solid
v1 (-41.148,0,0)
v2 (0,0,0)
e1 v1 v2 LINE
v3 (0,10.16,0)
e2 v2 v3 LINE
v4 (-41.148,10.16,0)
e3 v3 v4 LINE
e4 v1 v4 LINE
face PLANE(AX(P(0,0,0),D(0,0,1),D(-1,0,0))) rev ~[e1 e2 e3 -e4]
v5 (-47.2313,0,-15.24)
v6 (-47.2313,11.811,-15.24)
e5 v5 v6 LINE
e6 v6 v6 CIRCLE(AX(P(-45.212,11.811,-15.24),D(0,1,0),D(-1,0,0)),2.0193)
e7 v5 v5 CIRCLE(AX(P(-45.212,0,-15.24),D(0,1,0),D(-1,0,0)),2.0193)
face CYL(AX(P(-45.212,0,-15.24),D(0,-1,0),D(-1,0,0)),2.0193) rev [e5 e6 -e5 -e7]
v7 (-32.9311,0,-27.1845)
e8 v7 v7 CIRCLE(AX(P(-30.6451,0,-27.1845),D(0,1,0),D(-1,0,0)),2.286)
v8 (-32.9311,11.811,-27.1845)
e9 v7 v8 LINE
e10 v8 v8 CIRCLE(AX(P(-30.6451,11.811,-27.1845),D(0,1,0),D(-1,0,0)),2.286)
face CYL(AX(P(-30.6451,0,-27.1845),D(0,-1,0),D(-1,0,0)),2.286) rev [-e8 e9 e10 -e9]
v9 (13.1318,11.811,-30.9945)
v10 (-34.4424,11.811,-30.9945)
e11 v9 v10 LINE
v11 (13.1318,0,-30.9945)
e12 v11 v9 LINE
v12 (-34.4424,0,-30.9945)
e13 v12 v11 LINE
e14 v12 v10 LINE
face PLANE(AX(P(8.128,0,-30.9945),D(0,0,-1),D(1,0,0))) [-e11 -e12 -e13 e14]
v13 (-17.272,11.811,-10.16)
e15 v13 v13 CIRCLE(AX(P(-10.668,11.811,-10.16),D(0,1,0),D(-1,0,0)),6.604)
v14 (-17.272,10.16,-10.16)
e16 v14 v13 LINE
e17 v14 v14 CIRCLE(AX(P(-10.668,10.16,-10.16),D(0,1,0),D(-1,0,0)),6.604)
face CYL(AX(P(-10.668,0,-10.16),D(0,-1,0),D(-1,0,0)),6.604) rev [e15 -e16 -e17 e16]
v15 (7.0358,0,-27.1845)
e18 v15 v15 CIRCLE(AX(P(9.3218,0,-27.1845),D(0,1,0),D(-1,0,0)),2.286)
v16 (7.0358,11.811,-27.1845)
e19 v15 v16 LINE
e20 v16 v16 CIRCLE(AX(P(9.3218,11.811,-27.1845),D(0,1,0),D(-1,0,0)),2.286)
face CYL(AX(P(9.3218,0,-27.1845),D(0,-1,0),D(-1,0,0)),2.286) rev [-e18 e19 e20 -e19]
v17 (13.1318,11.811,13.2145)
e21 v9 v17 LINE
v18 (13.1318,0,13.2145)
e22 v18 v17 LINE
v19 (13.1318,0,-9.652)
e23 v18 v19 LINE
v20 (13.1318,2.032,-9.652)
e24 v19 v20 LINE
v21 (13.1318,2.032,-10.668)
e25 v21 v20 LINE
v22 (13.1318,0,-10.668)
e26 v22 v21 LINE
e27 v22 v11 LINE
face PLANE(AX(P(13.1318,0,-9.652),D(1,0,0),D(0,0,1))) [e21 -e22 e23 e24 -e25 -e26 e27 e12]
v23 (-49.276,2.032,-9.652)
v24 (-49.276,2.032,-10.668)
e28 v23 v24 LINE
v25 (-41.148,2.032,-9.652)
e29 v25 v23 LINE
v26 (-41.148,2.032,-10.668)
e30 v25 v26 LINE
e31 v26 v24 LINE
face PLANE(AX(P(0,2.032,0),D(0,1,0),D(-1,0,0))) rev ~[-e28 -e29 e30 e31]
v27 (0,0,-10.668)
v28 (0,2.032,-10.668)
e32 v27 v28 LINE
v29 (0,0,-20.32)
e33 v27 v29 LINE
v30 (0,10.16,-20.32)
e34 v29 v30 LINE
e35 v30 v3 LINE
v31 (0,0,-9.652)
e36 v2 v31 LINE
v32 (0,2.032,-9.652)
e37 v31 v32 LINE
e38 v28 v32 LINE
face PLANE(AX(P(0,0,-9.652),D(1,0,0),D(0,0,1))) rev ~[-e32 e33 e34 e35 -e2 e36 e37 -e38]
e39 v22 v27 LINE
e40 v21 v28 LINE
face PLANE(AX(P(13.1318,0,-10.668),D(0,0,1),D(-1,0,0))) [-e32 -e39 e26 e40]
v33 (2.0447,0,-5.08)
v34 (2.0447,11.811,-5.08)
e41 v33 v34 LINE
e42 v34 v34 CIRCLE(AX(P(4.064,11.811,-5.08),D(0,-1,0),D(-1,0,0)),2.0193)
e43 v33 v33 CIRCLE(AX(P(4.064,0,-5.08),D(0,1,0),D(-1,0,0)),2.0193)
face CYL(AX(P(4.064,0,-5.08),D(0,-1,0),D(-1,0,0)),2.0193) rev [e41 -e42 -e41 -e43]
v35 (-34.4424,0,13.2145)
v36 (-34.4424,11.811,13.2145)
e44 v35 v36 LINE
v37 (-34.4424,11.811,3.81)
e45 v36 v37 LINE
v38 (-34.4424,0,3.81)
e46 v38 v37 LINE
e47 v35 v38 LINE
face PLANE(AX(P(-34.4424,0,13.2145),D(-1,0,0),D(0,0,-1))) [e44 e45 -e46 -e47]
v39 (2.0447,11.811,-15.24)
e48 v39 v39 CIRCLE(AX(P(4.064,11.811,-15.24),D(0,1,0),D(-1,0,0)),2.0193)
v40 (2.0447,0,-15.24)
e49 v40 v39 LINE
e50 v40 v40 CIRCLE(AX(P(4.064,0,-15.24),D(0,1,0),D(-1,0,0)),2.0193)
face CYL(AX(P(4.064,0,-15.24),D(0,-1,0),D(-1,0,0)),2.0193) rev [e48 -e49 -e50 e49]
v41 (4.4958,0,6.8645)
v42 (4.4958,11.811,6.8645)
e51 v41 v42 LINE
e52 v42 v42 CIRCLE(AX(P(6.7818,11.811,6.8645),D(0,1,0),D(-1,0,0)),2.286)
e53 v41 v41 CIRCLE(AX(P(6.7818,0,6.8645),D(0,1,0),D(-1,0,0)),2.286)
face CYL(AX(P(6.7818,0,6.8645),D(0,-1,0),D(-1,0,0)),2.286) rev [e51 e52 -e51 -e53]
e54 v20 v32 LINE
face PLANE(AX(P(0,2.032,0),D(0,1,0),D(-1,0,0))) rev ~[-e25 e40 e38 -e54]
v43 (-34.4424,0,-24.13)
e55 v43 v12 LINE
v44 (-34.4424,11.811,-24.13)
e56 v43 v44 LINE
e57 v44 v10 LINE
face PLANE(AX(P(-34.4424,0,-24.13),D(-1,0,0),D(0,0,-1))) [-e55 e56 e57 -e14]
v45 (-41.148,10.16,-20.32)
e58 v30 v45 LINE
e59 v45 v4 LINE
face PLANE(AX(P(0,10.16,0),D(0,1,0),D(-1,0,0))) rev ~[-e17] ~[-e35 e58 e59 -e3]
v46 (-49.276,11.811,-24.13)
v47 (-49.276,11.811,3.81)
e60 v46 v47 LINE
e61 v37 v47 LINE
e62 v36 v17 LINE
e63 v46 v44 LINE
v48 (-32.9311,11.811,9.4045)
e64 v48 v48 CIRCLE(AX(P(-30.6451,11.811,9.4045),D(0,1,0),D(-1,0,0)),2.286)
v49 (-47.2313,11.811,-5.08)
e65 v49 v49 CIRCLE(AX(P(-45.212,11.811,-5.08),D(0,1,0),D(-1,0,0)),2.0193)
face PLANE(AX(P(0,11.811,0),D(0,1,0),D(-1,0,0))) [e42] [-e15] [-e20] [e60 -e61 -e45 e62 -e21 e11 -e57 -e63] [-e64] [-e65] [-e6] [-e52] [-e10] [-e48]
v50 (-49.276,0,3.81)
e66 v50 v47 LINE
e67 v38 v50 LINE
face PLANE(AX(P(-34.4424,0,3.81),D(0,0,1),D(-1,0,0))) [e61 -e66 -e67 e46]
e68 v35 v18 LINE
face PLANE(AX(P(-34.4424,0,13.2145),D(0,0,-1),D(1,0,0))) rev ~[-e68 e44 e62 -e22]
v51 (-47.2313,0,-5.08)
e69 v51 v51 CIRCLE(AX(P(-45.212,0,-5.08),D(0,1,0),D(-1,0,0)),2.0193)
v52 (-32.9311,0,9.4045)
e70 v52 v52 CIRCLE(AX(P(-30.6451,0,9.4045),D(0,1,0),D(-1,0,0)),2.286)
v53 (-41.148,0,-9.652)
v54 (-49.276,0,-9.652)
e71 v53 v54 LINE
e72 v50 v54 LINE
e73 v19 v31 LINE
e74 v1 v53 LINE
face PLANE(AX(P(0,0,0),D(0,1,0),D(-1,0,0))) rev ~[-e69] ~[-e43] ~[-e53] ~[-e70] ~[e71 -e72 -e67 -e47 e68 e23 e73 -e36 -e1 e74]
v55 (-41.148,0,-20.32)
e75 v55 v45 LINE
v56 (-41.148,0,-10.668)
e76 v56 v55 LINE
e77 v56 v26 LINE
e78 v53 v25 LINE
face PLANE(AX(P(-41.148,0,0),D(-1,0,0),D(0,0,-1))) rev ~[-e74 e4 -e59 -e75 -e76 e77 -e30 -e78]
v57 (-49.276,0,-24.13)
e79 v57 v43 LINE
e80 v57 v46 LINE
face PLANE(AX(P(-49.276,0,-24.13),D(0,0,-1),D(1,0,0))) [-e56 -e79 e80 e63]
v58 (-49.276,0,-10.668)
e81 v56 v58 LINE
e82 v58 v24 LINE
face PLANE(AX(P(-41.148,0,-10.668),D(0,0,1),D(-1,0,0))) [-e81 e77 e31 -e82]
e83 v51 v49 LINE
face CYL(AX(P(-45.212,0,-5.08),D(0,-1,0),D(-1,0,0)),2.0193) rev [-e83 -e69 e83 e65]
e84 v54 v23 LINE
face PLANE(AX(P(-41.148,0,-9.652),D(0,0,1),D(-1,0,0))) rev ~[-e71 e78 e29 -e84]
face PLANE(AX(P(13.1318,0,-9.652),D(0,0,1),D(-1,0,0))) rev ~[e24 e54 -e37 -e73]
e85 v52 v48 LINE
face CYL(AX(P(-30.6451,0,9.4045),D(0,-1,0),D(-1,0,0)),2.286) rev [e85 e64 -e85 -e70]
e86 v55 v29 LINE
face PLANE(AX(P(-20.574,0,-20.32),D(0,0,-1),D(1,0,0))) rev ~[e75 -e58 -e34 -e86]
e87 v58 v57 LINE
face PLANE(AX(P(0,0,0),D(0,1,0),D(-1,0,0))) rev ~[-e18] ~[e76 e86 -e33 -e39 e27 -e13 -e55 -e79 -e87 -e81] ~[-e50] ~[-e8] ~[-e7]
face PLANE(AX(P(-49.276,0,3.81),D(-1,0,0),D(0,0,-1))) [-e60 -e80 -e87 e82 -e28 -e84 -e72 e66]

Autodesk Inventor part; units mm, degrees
ref_plane "YZ Plane" through (0, 0, 0) normal (1, 0, 0) x (0, 1, 0)
ref_plane "XZ Plane" through (0, 0, 0) normal (0, 1, 0) x (-1, 0, 0)
ref_plane "XY Plane" through (0, 0, 0) normal (0, 0, 1) x (1, 0, 0)
sketch "Sketch1" plane through (0, 0, 0) normal (0, 1, 0) x (-1, 0, 0)
  line L0 (0, 0) -> (41.148, 0)
  line L1 (41.148, 0) -> (41.148, -20.32)
  line L2 (41.148, -20.32) -> (0, -20.32)
  line L3 (0, -20.32) -> (0, 0)
  circle A0 centre (45.212, -15.24) radius 2.0193
  circle A1 centre (-4.064, -15.24) radius 2.0193
  circle A2 centre (45.212, -5.08) radius 2.0193
  circle A3 centre (-4.064, -5.08) radius 2.0193
  line L4 (41.148, -9.652) -> (49.276, -9.652)
  line L5 (41.148, -10.668) -> (49.276, -10.668)
  line L6 (-13.1318, -9.652) -> (0, -9.652)
  line L7 (-13.1318, -10.668) -> (0, -10.668)
  line L8 (-13.1318, 3.81) -> (49.276, 3.81)
  line L9 (49.276, 3.81) -> (49.276, -24.13)
  line L10 (49.276, -24.13) -> (-13.1318, -24.13)
  line L11 (-13.1318, -30.9945) -> (-13.1318, 13.2145)
  line L12 (-6.155, -5.4575) -> (-6.0508, -5.4409)
  line L13 (-6.155, -5.4575) -> (-6.0508, -5.4409)
  line L14 (20.574, -20.32) -> (20.574, 0)
  circle A4 centre (10.668, -10.16) radius 6.604
  circle A5 centre (-6.7818, 6.8645) radius 2.0193
  circle A6 centre (30.6451, 9.4045) radius 2.0193
  circle A7 centre (30.6451, -27.1845) radius 2.0193
  line L15 (10.668, -30.9945) -> (34.4551, -30.9945)
  line L16 (-8.128, -30.9945) -> (34.4551, -30.9945)
  circle A8 centre (-9.3218, -27.1845) radius 2.0193
  line L17 (34.4424, -30.9945) -> (-13.1318, -30.9945)
  line L18 (34.4424, -24.13) -> (34.4424, -30.9945)
  line L19 (34.4424, 13.2145) -> (34.4424, 3.81)
  circle A9 centre (30.6451, 9.4045) radius 2.286
  circle A10 centre (-6.7818, 6.8645) radius 2.286
  circle A11 centre (-9.3218, -27.1845) radius 2.286
  circle A12 centre (30.6451, -27.1845) radius 2.286
  line L20 (34.4424, 3.81) -> (-13.1318, 3.81)
  line L21 (34.4424, 13.2145) -> (-13.1318, 13.2145)
  point P0 (20.574, -10.16)
  point P1 (34.4424, -30.9945)
  point P2 (-11.5492, -24.13)
  point P3 (-7.0944, -24.13)
  dimension "d0" = 41.148
  dimension "d1" = 20.32
  dimension "d4" = 4.0386
  dimension "d5" = 4.0386
  dimension "d18" = 4.064
  dimension "d19" = 4.064
  dimension "d52" = 8.128
  dimension "d53" = 13.1318
  dimension "d54" = 3.81
  dimension "d55" = 3.81
  dimension "d59" = 9.906
  dimension "d60" = 13.208
  dimension "d79" = 4.0386
  dimension "d80" = 4.0386
  dimension "d81" = 4.0386
  dimension "d82" = 4.0386
  dimension "d84" = 3.81
  dimension "d91" = 4.572
  dimension "d92" = 4.572
  dimension "d93" = 4.572
  dimension "d94" = 4.572
  dimension "d96" = 3.81
  dimension "d97" = 3.81
  dimension "d98" = 6.35
  dimension "d100" = 6.35
  dimension "d101" = 9.4045
  dimension "d102" = 47.5742
  dimension "d103" = 47.5742
extrude "Extrusion10" add sketch "Sketch1" along normal blind 11.811 contours L3 L6 L11 L8 L9 L4 L1 L0 | L0 L14 L2 L3 | L0 L1 L2 L14 | L3 L7 L11 L6 | L2 L1 L5 L9 L10 L11 L7 L3 | L4 L9 L5 L1 | L11 L21 L19 L8 | L10 L18 L15 L16 L17 L11
extrude "Extrusion11" cut sketch "Sketch1" along normal blind 10.16 contours L0 L14 L2 L3 | L0 L1 L2 L14
extrude "Extrusion12" cut sketch "Sketch1" along normal blind 2.032 contours L3 L7 L11 L6 | L4 L9 L5 L1
properties part number "Servo Mount"
